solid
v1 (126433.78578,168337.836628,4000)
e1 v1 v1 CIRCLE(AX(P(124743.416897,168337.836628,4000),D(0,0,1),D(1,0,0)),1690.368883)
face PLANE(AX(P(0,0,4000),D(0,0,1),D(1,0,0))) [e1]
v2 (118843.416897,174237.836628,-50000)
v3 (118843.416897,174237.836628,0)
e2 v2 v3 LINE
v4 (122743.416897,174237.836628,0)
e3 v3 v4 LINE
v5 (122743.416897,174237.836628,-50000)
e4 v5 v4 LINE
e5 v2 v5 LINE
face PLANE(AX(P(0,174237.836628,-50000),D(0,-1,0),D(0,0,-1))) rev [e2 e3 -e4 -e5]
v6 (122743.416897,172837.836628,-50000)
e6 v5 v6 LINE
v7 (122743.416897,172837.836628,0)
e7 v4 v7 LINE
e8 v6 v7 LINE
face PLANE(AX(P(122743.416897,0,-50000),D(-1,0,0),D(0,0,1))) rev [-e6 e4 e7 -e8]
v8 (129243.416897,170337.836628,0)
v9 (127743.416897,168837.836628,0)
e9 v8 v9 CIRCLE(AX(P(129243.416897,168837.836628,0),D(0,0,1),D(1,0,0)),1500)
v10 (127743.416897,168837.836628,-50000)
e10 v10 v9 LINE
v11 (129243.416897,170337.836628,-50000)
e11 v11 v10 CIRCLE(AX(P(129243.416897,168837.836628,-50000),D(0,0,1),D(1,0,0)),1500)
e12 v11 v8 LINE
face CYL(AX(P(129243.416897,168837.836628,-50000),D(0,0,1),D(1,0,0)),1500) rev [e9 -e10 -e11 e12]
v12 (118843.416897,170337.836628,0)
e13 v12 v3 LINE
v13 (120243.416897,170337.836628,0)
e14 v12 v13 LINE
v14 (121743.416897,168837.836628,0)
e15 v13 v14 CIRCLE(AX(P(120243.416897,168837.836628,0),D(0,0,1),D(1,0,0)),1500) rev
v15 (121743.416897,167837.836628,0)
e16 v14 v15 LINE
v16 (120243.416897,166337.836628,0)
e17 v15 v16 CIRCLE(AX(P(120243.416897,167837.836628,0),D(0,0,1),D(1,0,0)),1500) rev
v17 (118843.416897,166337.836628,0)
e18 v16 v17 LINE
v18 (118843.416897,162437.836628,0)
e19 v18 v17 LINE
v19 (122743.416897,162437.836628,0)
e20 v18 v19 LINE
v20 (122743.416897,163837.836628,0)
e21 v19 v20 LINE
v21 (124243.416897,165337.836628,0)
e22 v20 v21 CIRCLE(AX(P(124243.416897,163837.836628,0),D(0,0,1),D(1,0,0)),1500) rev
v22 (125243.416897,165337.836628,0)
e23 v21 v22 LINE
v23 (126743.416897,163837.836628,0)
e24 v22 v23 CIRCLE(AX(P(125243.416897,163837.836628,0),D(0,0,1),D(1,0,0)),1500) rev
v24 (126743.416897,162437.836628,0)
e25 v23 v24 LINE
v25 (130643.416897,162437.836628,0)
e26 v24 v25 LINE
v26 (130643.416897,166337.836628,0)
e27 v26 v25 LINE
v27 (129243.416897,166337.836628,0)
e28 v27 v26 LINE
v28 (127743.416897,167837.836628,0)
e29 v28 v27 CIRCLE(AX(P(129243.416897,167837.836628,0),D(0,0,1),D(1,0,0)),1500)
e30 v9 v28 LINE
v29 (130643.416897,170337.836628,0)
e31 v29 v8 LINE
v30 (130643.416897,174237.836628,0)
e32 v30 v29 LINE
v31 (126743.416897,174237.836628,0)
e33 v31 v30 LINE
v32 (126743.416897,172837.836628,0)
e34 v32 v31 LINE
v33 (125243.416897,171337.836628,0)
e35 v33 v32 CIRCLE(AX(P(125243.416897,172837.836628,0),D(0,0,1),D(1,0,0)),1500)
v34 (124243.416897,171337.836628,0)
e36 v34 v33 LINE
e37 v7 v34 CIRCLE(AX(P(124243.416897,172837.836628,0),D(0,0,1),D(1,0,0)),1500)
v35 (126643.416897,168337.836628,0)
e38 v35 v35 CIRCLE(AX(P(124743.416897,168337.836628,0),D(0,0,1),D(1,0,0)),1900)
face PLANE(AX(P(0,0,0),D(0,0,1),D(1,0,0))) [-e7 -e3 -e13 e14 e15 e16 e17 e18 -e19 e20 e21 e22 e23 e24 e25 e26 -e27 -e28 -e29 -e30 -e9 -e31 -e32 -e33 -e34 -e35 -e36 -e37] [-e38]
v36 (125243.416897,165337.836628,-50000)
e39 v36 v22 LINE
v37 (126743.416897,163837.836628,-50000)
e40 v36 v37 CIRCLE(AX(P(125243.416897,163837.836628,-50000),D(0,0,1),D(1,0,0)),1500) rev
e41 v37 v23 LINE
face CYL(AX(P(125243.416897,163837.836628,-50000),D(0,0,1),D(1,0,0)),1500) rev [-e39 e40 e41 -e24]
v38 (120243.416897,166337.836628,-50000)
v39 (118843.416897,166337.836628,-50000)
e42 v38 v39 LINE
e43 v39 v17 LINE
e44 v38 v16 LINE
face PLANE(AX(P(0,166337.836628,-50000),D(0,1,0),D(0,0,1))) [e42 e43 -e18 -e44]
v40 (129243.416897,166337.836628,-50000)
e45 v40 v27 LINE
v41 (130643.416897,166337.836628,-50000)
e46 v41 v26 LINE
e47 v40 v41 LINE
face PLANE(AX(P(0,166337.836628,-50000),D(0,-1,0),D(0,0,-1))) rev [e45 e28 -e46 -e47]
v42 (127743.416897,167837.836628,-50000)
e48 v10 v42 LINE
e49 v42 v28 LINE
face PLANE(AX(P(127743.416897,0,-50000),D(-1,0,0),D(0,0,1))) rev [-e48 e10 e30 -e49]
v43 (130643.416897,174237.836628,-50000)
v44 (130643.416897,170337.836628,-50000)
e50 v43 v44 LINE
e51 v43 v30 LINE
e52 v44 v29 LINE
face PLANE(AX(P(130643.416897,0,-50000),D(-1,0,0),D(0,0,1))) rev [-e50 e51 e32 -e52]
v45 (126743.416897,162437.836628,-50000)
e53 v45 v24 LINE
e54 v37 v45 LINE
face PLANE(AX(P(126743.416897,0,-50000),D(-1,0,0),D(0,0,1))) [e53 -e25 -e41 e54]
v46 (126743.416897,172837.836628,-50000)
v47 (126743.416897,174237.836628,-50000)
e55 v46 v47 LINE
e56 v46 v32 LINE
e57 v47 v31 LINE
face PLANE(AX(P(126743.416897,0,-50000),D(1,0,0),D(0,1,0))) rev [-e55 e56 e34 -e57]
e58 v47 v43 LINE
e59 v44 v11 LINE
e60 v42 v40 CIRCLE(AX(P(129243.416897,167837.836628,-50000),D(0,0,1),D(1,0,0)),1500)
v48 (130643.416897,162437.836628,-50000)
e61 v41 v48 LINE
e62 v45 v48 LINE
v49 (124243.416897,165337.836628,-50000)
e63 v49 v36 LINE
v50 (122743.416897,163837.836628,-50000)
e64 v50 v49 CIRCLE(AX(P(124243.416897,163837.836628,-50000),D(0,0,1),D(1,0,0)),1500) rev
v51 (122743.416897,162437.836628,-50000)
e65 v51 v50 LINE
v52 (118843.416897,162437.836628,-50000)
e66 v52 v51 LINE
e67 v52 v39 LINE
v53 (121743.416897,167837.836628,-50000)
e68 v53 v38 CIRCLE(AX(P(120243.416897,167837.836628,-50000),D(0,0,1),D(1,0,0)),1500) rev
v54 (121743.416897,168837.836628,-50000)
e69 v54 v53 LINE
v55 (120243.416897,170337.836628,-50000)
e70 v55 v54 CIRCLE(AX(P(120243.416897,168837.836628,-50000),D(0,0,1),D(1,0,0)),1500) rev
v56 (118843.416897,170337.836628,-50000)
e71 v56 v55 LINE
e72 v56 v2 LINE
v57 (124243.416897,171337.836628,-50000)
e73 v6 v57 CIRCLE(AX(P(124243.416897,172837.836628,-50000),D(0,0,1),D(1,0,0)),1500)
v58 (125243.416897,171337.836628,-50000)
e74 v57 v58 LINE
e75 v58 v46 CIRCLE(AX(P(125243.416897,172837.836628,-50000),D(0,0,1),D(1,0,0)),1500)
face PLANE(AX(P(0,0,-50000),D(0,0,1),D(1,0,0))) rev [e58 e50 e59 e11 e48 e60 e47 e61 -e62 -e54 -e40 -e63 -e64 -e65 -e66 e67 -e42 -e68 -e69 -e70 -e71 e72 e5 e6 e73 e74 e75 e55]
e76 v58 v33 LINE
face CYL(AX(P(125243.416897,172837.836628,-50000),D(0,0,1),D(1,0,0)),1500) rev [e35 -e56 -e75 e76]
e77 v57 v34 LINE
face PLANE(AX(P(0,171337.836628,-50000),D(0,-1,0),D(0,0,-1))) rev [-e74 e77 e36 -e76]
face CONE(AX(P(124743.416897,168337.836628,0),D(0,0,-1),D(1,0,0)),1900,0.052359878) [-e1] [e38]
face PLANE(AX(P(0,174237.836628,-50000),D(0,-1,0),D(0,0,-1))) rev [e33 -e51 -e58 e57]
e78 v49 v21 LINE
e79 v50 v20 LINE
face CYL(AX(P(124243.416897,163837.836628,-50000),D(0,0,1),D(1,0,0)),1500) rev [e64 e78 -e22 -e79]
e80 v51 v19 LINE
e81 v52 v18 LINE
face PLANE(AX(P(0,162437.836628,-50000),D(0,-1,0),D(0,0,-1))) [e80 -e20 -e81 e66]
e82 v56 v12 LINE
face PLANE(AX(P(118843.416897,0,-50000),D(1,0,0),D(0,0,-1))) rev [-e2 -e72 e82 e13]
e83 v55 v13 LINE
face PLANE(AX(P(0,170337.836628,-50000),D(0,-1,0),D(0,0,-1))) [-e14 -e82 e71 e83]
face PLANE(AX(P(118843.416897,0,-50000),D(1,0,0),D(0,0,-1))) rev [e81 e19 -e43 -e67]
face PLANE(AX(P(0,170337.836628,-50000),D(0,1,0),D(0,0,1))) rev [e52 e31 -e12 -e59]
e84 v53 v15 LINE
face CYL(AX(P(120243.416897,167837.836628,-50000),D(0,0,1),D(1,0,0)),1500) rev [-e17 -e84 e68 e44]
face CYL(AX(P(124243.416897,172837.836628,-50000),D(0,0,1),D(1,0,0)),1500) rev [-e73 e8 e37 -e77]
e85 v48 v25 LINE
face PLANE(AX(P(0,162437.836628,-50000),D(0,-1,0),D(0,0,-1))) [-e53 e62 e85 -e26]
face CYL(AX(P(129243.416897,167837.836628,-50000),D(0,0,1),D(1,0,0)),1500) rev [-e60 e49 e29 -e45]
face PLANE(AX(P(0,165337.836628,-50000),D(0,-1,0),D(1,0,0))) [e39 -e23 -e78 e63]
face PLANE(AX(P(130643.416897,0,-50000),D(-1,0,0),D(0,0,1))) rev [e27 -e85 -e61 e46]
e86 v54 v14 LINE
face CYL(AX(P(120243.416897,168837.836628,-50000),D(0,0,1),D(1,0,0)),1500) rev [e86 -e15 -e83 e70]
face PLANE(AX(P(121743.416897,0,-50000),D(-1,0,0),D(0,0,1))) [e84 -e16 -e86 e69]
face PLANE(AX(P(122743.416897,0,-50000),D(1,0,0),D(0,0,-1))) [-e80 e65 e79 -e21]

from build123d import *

# Parameters (mm, degrees)
SALIENTE_EXTRUIR1_DEPTH = 50000
CROQUIS1_9_R            = 1900
SALIENTE_EXTRUIR2_DEPTH = 4000
SALIENTE_EXTRUIR2_TAPER = 3


with BuildPart() as part:
    # Croquis1 → Saliente-Extruir1 (new body)
    with BuildSketch(Plane.XY):
        with BuildLine():
            Line((126743.416897498, 163837.836627923), (126743.416897498, 162437.836627923))
            Line((126743.416897498, 162437.836627923), (130643.416897498, 162437.836627923))
            Line((130643.416897498, 162437.836627923), (130643.416897498, 166337.836627923))
            Line((130643.416897498, 166337.836627923), (129243.416897498, 166337.836627923))
            ThreePointArc((129243.416897498, 166337.836627923), (128182.756725718, 166777.176456144), (127743.416897498, 167837.836627923))
            Line((127743.416897498, 167837.836627923), (127743.416897498, 168837.836627923))
            ThreePointArc((127743.416897498, 168837.836627923), (128182.756725718, 169898.496799703), (129243.416897498, 170337.836627923))
            Line((129243.416897498, 170337.836627923), (130643.416897498, 170337.836627923))
            Line((130643.416897498, 170337.836627923), (130643.416897498, 174237.836627923))
            Line((130643.416897498, 174237.836627923), (126743.416897498, 174237.836627923))
            Line((126743.416897498, 174237.836627923), (126743.416897498, 172837.836627923))
            ThreePointArc((126743.416897498, 172837.836627923), (126304.077069278, 171777.176456144), (125243.416897498, 171337.836627923))
            Line((125243.416897498, 171337.836627923), (124243.416897498, 171337.836627923))
            ThreePointArc((124243.416897498, 171337.836627923), (123182.756725718, 171777.176456144), (122743.416897498, 172837.836627923))
            Line((122743.416897498, 172837.836627923), (122743.416897498, 174237.836627923))
            Line((122743.416897498, 174237.836627923), (118843.416897498, 174237.836627923))
            Line((118843.416897498, 174237.836627923), (118843.416897498, 170337.836627923))
            Line((118843.416897498, 170337.836627923), (120243.416897498, 170337.836627923))
            ThreePointArc((120243.416897498, 170337.836627923), (121304.077069278, 169898.496799703), (121743.416897498, 168837.836627923))
            Line((121743.416897498, 168837.836627923), (121743.416897498, 167837.836627923))
            ThreePointArc((121743.416897498, 167837.836627923), (121304.077069278, 166777.176456144), (120243.416897498, 166337.836627923))
            Line((120243.416897498, 166337.836627923), (118843.416897498, 166337.836627923))
            Line((118843.416897498, 166337.836627923), (118843.416897498, 162437.836627923))
            Line((118843.416897498, 162437.836627923), (122743.416897498, 162437.836627923))
            Line((122743.416897498, 162437.836627923), (122743.416897498, 163837.836627923))
            ThreePointArc((122743.416897498, 163837.836627923), (123182.756725718, 164898.496799703), (124243.416897498, 165337.836627923))
            Line((124243.416897498, 165337.836627923), (125243.416897498, 165337.836627923))
            ThreePointArc((125243.416897498, 165337.836627923), (126304.077069278, 164898.496799703), (126743.416897498, 163837.836627923))
        make_face()
    extrude(amount=-SALIENTE_EXTRUIR1_DEPTH)

    # Croquis1<9> → Saliente-Extruir2 (add)
    with BuildSketch(Plane.XY):
        with Locations((124743.416897498, 168337.836627923)):
            Circle(CROQUIS1_9_R)
    extrude(amount=SALIENTE_EXTRUIR2_DEPTH, taper=SALIENTE_EXTRUIR2_TAPER)


solid = part.part
